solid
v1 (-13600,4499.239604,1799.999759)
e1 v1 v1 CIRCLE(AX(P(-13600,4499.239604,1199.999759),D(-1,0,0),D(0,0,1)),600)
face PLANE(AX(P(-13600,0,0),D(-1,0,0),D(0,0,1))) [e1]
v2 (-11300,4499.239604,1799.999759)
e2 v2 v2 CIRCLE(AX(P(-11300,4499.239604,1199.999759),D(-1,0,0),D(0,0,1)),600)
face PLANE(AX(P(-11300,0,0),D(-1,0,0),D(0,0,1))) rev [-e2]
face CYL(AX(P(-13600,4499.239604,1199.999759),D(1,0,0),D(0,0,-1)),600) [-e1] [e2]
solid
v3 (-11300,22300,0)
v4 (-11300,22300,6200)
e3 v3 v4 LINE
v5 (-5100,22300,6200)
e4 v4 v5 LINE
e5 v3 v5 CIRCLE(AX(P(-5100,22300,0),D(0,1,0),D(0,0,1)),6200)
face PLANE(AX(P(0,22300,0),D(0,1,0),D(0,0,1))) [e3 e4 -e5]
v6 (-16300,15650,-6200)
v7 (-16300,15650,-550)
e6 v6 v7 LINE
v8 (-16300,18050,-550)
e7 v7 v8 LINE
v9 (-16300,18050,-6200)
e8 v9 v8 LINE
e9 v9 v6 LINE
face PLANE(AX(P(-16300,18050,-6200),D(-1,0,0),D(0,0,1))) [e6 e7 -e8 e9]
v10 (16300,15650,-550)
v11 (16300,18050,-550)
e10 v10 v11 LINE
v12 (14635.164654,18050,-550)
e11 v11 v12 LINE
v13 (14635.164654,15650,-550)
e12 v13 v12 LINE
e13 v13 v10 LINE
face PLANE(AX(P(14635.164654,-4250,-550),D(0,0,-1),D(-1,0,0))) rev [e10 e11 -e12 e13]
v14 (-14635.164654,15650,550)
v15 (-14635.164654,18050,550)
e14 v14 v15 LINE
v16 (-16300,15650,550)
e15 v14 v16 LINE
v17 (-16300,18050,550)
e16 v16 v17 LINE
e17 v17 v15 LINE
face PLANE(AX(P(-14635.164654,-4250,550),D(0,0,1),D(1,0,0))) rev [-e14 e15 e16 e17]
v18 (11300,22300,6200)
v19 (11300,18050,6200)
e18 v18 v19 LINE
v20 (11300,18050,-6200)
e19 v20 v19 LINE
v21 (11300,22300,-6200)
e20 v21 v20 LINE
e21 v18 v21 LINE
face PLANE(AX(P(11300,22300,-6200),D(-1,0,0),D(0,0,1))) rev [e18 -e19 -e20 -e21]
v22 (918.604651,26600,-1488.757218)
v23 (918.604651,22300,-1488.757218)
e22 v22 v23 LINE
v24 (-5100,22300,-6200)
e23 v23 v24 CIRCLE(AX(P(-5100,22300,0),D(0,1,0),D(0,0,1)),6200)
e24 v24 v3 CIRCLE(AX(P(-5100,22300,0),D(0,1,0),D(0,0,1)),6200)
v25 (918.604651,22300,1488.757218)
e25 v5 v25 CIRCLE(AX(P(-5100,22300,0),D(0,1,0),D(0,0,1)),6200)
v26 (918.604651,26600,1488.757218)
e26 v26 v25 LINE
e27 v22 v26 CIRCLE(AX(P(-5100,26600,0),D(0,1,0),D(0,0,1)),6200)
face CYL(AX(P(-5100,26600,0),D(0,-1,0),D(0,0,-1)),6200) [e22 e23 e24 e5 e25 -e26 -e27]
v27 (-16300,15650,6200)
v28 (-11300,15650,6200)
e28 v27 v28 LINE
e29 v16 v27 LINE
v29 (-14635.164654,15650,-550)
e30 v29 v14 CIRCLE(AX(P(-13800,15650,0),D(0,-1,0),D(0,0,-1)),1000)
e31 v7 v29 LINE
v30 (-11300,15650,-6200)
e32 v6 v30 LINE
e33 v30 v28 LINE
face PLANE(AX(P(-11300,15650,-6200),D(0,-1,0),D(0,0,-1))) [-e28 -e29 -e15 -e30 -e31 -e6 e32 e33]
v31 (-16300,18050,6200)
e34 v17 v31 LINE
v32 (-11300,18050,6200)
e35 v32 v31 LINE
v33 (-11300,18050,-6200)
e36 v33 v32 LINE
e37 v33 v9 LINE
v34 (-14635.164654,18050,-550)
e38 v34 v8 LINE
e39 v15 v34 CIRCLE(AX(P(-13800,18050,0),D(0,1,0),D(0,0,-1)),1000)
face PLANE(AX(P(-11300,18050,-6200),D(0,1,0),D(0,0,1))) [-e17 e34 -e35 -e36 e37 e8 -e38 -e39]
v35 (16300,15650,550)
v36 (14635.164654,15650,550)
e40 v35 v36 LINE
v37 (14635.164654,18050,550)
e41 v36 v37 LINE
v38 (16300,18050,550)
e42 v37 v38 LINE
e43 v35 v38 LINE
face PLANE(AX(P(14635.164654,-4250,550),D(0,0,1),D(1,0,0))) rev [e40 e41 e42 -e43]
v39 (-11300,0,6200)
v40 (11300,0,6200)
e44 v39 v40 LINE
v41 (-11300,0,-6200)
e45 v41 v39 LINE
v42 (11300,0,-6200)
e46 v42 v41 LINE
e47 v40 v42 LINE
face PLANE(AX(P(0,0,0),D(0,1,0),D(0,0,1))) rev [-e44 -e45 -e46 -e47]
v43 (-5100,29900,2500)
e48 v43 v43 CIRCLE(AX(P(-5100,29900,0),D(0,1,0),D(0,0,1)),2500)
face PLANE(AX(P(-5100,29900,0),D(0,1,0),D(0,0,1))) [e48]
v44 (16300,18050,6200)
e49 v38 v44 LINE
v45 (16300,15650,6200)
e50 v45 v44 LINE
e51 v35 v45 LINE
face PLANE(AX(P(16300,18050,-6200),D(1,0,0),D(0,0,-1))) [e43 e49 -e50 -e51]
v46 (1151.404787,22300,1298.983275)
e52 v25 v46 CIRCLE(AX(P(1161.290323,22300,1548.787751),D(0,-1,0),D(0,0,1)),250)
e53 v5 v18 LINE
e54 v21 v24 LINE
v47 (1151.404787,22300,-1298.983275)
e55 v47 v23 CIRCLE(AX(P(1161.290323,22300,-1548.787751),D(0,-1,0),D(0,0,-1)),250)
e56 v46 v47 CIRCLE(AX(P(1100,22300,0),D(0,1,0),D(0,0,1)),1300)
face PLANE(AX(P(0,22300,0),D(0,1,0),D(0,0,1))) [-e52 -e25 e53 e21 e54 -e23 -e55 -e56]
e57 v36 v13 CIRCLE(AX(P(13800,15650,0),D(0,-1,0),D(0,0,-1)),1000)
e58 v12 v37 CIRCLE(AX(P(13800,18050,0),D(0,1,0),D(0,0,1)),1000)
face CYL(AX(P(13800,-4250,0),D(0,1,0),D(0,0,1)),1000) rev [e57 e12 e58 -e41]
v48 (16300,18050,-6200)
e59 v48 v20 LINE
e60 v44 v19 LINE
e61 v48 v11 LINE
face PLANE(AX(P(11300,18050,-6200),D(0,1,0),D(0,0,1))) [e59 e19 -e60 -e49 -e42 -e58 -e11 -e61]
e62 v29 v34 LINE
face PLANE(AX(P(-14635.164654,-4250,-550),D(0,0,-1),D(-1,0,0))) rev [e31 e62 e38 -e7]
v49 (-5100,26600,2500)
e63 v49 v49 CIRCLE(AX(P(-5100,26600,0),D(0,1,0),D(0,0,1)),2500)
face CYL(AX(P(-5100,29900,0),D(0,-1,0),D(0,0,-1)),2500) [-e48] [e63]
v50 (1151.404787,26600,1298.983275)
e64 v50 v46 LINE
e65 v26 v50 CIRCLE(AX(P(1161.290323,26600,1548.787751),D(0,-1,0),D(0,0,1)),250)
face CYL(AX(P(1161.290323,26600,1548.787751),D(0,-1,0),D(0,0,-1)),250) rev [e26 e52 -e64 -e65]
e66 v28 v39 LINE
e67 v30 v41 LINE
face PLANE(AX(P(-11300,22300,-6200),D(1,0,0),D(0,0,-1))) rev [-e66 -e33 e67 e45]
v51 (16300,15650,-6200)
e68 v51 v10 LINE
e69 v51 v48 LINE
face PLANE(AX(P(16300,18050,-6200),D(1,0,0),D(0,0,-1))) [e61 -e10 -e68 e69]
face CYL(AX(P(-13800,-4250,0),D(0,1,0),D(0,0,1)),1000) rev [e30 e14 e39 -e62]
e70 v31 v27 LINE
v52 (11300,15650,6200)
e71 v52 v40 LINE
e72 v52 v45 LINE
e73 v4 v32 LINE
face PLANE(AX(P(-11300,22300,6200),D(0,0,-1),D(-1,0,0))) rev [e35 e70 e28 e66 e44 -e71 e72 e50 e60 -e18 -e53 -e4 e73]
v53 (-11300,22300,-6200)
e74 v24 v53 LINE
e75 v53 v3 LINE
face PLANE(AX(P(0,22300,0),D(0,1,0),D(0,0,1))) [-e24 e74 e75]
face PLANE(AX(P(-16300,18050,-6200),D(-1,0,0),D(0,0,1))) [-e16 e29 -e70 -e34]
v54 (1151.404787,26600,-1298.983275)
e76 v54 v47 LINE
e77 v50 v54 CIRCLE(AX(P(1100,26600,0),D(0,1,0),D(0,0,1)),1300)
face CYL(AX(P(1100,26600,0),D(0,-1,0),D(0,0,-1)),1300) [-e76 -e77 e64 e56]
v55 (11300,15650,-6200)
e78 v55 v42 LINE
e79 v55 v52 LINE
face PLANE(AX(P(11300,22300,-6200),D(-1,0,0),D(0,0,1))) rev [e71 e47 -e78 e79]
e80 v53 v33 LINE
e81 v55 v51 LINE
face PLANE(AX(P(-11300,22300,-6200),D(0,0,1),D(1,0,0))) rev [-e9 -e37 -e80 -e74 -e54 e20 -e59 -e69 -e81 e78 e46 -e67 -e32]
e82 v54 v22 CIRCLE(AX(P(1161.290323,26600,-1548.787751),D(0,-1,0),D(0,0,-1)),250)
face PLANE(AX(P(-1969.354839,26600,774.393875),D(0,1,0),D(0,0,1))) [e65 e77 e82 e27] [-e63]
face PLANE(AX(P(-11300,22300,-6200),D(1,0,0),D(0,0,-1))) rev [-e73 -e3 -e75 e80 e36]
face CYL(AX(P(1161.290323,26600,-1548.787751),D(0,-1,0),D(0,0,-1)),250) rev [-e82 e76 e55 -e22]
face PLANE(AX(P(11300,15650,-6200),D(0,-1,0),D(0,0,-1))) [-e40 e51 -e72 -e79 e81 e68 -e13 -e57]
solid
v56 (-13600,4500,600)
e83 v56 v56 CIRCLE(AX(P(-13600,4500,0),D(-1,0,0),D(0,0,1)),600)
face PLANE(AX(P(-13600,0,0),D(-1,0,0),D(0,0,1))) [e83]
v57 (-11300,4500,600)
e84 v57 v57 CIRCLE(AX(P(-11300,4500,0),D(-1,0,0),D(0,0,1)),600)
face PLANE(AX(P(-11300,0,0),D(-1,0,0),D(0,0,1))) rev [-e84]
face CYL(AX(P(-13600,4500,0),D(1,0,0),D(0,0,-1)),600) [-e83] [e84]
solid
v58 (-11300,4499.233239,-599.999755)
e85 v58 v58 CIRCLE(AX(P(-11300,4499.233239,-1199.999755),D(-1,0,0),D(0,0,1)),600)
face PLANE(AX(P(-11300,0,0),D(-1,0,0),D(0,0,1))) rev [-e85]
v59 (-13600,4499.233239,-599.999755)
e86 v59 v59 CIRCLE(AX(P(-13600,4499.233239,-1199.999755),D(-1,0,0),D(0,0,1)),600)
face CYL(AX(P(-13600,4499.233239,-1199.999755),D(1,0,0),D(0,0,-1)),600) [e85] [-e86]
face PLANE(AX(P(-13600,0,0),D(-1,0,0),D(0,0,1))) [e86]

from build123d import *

# Parameters (mm, degrees)
SKETCH1_W             = 22600
SKETCH1_H             = 12400
BOSS_EXTRUDE1_DEPTH   = 22300
SKETCH2_W             = 5000
SKETCH2_H             = 2400
BOSS_EXTRUDE2_DEPTH   = 12400
CUT_EXTRUDE1_DEPTH    = 22300
BOSS_EXTRUDE3_DEPTH   = 4300
SKETCH5_R             = 2500
BOSS_EXTRUDE4_DEPTH   = 3300
SKETCH6_R             = 600
BOSS_EXTRUDE5_DEPTH   = 2300
BOSS_EXTRUDE5_2_DEPTH = 2300
BOSS_EXTRUDE5_3_DEPTH = 2300


with BuildPart() as part:
    # Sketch1 → Boss-Extrude1 (new body)
    with BuildSketch(Plane(origin=(0, 0, 0), x_dir=(1, 0, 0), z_dir=(0, 1, 0))):
        Rectangle(SKETCH1_W, SKETCH1_H)
    extrude(amount=BOSS_EXTRUDE1_DEPTH)

    # Sketch2 → Boss-Extrude2 (add)
    with BuildSketch(Plane.XY.offset(6200)):
        with Locations((13800, 16850)):
            Rectangle(SKETCH2_W, SKETCH2_H)
        with Locations((-13800, 16850)):
            Rectangle(SKETCH2_W, SKETCH2_H)
    extrude(amount=-BOSS_EXTRUDE2_DEPTH)

    # Sketch3 → Cut-Extrude1 (cut)
    with BuildSketch(Plane(origin=(0, 18050, 0), x_dir=(1, 0, 0), z_dir=(0, 1, 0))):
        with BuildLine():
            Line((14635.164654425, 550), (16300, 550))
            Line((16300, 550), (16300, -550))
            Line((16300, -550), (14635.164654425, -550))
            ThreePointArc((14635.164654425, -550), (12800, 0), (14635.164654425, 550))
        make_face()
        with BuildLine():
            Line((-16300, 550), (-16300, -550))
            Line((-16300, -550), (-14635.164654425, -550))
            ThreePointArc((-14635.164654425, -550), (-12800, 0), (-14635.164654425, 550))
            Line((-14635.164654425, 550), (-16300, 550))
        make_face()
    extrude(amount=-CUT_EXTRUDE1_DEPTH, mode=Mode.SUBTRACT)

    # Sketch4 → Boss-Extrude3 (add)
    with BuildSketch(Plane(origin=(0, 22300, 0), x_dir=(1, 0, 0), z_dir=(0, 1, 0))):
        with BuildLine():
            ThreePointArc((918.604651163, 1488.757217615), (-11300, 0), (918.604651163, -1488.757217615))
            ThreePointArc((918.604651163, -1488.757217615), (1003.329596305, -1355.013632202), (1151.404786681, -1298.983274683))
            ThreePointArc((1151.404786681, -1298.983274683), (2400, 0), (1151.404786681, 1298.983274683))
            ThreePointArc((1151.404786681, 1298.983274683), (1003.329596305, 1355.013632202), (918.604651163, 1488.757217615))
        make_face()
    extrude(amount=BOSS_EXTRUDE3_DEPTH)

    # Sketch5 → Boss-Extrude4 (add)
    with BuildSketch(Plane(origin=(0, 26600, 0), x_dir=(1, 0, 0), z_dir=(0, 1, 0))):
        with Locations((-5100, 0)):
            Circle(SKETCH5_R)
    extrude(amount=BOSS_EXTRUDE4_DEPTH)


with BuildPart() as body_2:
    # Sketch6 → Boss-Extrude5 (new body)
    with BuildSketch(Plane.ZY.offset(11300)):
        with Locations((0, 4500)):
            Circle(SKETCH6_R)
    extrude(amount=BOSS_EXTRUDE5_DEPTH)


with BuildPart() as body_3:
    # Sketch6 → Boss-Extrude5 2 (new body)
    with BuildSketch(Plane.ZY.offset(11300)):
        with Locations((1199.999759082, 4499.239603738)):
            Circle(SKETCH6_R)
    extrude(amount=BOSS_EXTRUDE5_2_DEPTH)


with BuildPart() as body_4:
    # Sketch6 → Boss-Extrude5 3 (new body)
    with BuildSketch(Plane.ZY.offset(11300)):
        with Locations((-1199.999755032, 4499.233238809)):
            Circle(SKETCH6_R)
    extrude(amount=BOSS_EXTRUDE5_3_DEPTH)


solid = Compound([part.part, body_2.part, body_3.part, body_4.part])
